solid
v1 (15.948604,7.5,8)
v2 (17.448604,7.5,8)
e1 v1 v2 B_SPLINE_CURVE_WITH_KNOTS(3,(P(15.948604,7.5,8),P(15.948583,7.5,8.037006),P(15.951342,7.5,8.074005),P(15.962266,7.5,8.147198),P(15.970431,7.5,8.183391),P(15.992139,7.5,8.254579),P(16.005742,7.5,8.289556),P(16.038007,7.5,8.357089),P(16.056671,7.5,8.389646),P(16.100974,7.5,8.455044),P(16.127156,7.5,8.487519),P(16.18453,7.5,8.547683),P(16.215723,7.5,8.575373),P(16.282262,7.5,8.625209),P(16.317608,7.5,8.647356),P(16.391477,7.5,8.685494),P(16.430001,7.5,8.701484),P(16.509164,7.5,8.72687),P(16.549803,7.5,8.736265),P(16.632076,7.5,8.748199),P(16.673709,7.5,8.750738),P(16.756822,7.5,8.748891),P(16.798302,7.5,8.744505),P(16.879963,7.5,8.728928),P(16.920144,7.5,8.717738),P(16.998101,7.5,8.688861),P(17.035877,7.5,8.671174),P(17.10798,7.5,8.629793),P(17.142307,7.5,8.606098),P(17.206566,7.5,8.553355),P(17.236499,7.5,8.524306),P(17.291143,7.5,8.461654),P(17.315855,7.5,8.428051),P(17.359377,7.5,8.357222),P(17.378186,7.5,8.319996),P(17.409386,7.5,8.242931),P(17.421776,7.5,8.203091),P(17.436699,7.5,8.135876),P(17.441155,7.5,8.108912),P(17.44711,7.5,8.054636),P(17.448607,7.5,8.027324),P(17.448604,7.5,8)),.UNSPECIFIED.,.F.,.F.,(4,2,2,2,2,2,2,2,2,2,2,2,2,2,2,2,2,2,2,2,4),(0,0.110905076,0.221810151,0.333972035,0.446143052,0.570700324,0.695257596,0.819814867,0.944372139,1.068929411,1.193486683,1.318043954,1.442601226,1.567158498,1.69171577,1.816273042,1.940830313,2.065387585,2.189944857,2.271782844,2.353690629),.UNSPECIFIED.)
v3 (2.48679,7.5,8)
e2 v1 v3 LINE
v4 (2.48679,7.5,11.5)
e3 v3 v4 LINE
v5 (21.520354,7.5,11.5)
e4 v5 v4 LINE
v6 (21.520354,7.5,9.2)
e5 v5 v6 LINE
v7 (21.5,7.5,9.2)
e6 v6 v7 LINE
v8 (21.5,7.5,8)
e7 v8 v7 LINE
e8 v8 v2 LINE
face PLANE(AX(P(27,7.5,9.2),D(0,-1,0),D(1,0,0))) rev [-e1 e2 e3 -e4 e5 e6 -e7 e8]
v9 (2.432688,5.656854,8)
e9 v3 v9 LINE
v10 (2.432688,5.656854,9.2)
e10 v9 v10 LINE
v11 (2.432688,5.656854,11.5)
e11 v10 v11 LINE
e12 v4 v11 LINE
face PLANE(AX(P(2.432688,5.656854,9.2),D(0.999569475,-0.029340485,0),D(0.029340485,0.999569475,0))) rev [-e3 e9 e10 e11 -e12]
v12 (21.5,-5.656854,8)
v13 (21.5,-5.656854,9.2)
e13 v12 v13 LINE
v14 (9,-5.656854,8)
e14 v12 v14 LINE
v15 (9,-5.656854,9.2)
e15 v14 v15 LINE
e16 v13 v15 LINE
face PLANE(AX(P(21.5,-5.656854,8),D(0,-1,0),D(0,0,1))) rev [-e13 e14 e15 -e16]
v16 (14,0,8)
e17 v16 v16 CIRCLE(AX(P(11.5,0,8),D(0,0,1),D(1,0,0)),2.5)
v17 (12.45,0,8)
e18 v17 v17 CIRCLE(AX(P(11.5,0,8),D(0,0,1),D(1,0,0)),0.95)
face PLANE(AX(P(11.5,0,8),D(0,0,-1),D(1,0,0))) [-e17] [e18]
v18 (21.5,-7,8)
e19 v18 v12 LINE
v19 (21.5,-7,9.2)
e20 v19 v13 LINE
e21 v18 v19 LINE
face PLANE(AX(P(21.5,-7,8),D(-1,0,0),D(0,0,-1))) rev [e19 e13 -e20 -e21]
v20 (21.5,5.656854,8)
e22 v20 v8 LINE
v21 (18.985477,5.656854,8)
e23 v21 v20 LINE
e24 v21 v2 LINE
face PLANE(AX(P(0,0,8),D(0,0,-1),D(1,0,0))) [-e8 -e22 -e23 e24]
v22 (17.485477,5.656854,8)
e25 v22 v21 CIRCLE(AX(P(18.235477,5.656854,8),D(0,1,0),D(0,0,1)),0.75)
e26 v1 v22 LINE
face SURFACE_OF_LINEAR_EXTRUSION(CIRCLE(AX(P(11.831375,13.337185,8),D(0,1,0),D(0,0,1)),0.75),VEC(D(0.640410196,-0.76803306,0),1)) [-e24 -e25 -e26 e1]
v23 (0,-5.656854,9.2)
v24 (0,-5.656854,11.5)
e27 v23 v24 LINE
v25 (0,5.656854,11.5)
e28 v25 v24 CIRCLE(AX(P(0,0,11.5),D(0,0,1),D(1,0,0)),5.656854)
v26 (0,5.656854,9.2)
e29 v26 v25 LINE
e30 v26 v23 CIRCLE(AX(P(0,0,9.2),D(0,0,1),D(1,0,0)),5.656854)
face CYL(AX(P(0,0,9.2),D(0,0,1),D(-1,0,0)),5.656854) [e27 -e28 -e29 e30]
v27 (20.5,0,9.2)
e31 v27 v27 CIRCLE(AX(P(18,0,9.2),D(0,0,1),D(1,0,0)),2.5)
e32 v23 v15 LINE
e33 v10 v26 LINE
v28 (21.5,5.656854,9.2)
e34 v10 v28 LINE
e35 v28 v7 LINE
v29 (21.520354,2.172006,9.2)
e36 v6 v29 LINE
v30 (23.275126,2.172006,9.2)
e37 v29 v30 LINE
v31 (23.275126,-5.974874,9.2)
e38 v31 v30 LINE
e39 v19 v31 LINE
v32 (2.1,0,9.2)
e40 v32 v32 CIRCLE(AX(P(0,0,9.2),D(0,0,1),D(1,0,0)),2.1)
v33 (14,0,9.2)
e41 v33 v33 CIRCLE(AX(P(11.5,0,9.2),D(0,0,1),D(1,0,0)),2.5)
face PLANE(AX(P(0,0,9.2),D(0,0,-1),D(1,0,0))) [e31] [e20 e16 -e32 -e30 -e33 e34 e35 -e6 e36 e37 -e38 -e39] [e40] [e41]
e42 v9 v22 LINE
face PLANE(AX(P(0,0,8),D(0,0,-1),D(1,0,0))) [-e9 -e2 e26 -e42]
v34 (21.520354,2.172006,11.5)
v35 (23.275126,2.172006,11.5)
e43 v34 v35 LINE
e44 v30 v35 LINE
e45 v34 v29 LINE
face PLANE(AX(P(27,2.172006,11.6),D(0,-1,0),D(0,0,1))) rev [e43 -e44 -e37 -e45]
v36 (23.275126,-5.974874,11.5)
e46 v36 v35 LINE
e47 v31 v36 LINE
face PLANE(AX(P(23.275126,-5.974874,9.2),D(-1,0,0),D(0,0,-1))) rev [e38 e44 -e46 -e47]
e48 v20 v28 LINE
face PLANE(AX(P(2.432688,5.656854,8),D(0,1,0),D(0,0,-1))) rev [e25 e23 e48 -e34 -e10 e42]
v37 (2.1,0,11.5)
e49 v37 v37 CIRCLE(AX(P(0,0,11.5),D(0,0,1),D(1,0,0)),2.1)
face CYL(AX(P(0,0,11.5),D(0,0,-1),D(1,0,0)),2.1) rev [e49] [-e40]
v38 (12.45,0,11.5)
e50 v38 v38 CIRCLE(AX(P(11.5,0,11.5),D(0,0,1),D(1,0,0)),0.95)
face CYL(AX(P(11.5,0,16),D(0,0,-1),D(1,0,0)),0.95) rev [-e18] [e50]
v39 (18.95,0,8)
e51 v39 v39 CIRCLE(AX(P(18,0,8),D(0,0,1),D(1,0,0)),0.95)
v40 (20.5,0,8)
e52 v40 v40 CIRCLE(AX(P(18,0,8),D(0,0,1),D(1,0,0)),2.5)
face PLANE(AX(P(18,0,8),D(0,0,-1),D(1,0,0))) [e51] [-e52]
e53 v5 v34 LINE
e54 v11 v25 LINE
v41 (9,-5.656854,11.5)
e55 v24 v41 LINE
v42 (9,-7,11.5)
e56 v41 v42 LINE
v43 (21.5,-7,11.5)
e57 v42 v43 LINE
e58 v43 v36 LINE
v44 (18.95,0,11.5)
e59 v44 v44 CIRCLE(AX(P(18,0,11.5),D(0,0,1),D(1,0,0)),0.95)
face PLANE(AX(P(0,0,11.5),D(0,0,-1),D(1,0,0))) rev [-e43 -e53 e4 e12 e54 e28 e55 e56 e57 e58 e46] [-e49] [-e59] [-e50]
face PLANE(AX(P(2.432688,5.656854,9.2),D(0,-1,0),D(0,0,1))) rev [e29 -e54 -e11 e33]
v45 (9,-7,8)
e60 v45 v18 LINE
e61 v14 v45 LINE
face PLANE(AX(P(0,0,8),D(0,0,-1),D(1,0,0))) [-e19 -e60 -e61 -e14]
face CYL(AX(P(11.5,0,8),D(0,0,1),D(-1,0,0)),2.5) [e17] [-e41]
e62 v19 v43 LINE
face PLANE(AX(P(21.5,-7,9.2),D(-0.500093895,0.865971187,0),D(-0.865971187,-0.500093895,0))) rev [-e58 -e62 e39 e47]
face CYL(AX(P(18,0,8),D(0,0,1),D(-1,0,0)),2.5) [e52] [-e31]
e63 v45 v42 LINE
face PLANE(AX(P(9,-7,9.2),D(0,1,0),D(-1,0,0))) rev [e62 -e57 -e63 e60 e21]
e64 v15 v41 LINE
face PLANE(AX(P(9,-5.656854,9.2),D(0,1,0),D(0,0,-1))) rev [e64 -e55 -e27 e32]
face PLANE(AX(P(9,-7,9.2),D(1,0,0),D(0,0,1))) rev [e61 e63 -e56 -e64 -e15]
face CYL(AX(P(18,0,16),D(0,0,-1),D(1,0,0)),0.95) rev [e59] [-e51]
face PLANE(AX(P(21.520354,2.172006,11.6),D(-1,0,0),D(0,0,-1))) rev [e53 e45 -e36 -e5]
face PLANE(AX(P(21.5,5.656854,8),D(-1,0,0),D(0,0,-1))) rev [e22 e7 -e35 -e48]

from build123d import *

# Parameters (mm, degrees)
BOSS_EXTRUDE1_DEPTH  = 2
BOSS_EXTRUDE6_DEPTH  = 2.5
CUT_EXTRUDE6_DEPTH   = 2.5
BOSS_EXTRUDE14_DEPTH = 2.3
SKETCH32_R           = 2.1
CUT_EXTRUDE7_DEPTH   = 2.3
SKETCH33_W           = 12.5
SKETCH33_H           = 1.343145751
BOSS_EXTRUDE15_DEPTH = 1.2
SKETCH35_W           = 5.479645997
SKETCH35_H           = 5.327993755
CUT_EXTRUDE8_DEPTH   = 2.4
SKETCH36_W           = 3.7
SKETCH36_H           = 1.827993755
CUT_EXTRUDE9_DEPTH   = 2.4
SKETCH37_R           = 3.9
BOSS_EXTRUDE16_DEPTH = 2.3
CUT_EXTRUDE10_DEPTH  = 5.3
SKETCH43_R           = 2.5
BOSS_EXTRUDE17_DEPTH = 1.2
SKETCH44_R           = 0.95
CUT_EXTRUDE11_DEPTH  = 9
SKETCH45_R           = 2
CUT_EXTRUDE12_DEPTH  = 2.5
SKETCH52_R           = 0.75
CUT_EXTRUDE13_DEPTH  = 10


with BuildPart() as part:
    # Sketch3 → Boss-Extrude1 (new body)
    with BuildSketch(Plane.XY):
        with BuildLine():
            Line((8, 0), (9, -2.5))
            Line((9, -2.5), (9, -7))
            Line((9, -7), (21.5, -7))
            Line((21.5, -7), (25.050252532, -4.949747468))
            ThreePointArc((25.050252532, -4.949747468), (36.467156728, -2.678784027), (30, 7))
            Line((30, 7), (27, 7.5))
            Line((27, 7.5), (5.656854249, 7.5))
            Line((5.656854249, 7.5), (5.656854249, 5.656854249))
            ThreePointArc((5.656854249, 5.656854249), (7.39103626, 3.061467459), (8, 0))
        make_face()
    extrude(amount=BOSS_EXTRUDE1_DEPTH)

    # Sketch22 → Boss-Extrude6 (add)
    with BuildSketch(Plane.XY.offset(2)):
        with BuildLine():
            Line((5.656854249, 5.656854249), (2.486790148, 5.656854249))
            Line((2.486790148, 5.656854249), (2.486790148, 7.5))
            Line((2.486790148, 7.5), (5.656854249, 7.5))
            Line((5.656854249, 7.5), (21.5, 7.5))
            Line((21.5, 7.5), (27, 7.5))
            Line((27, 7.5), (27, 2.172006245))
            Line((27, 2.172006245), (23.275126266, 2.172006245))
            Line((23.275126266, 2.172006245), (23.275126266, -5.974873734))
            Line((23.275126266, -5.974873734), (21.5, -7))
            Line((21.5, -7), (9, -7))
            Line((9, -7), (9, -2.5))
            Line((9, -2.5), (8, 0))
            ThreePointArc((8, 0), (7.39103626, 3.061467459), (5.656854249, 5.656854249))
        make_face()
    extrude(amount=BOSS_EXTRUDE6_DEPTH)

    # Sketch26 → Cut-Extrude6 (cut)
    with BuildSketch(Plane.XY.offset(2)):
        Polygon((18.098080448, 5.3), (2.530052458, 5.3), (2.530052458, 4), (18.098080448, 4), (27, 4), (27, 5.3), align=None)
    extrude(amount=CUT_EXTRUDE6_DEPTH, mode=Mode.SUBTRACT)


with BuildPart() as body_2:
    # Sketch31 → Boss-Extrude14 (new body)
    with BuildSketch(Plane.XY.offset(4.5)):
        with BuildLine():
            Line((2.432688066, 5.656854249), (0, 5.656854249))
            ThreePointArc((0, 5.656854249), (-5.656854249, 0), (0, -5.656854249))
            Line((0, -5.656854249), (9, -5.656854249))
            Line((9, -5.656854249), (9, -7))
            Line((9, -7), (21.5, -7))
            Line((21.5, -7), (23.275126266, -5.974873734))
            Line((23.275126266, -5.974873734), (23.275126266, 2.172006245))
            Line((23.275126266, 2.172006245), (27, 2.172006245))
            Line((27, 2.172006245), (27, 7.5))
            Line((27, 7.5), (2.486790148, 7.5))
            Line((2.486790148, 7.5), (2.432688066, 5.656854249))
        make_face()
    extrude(amount=BOSS_EXTRUDE14_DEPTH)

    # Sketch32 → Cut-Extrude7 (cut)
    with BuildSketch(Plane.XY.offset(6.8)):
        Circle(SKETCH32_R)
    extrude(amount=-CUT_EXTRUDE7_DEPTH, mode=Mode.SUBTRACT)

    # Sketch33 → Boss-Extrude15 (add)
    with BuildSketch(Plane.XY.offset(6.8)):
        with Locations((15.25, -6.328427125)):
            Rectangle(SKETCH33_W, SKETCH33_H)
        Polygon((2.486790148, 7.5), (21.5, 7.5), (21.5, 5.656854249), (2.432688066, 5.656854249), align=None)
    extrude(amount=BOSS_EXTRUDE15_DEPTH)


with BuildPart() as cut_extrude8_tool:
    # Sketch35 → Cut-Extrude8 (new body)
    with BuildSketch(Plane.XY.offset(6.8)):
        with Locations((24.260177002, 4.836003123)):
            Rectangle(SKETCH35_W, SKETCH35_H)
    extrude(amount=-CUT_EXTRUDE8_DEPTH)


with BuildPart() as part_1:
    add(part.part)

    # Cut-Extrude8: cut by cut_extrude8_tool
    add(cut_extrude8_tool.part, mode=Mode.SUBTRACT)

    # Sketch36 → Cut-Extrude9 (cut)
    with BuildSketch(Plane.XY.offset(4.4)):
        with Locations((25.15, 3.086003123)):
            Rectangle(SKETCH36_W, SKETCH36_H)
    extrude(amount=-CUT_EXTRUDE9_DEPTH, mode=Mode.SUBTRACT)

    # Sketch37 → Boss-Extrude16 (add)
    with BuildSketch(Plane.XY.offset(2)):
        with Locations((30, 0)):
            Circle(SKETCH37_R)
    extrude(amount=BOSS_EXTRUDE16_DEPTH)

    # Sketch39 → Cut-Extrude10 (cut, through all)
    with BuildSketch(Plane.XY.offset(4.3)):
        with BuildLine():
            Line((29, 1.732050808), (29, -1.732050808))
            ThreePointArc((29, -1.732050808), (32, 0), (29, 1.732050808))
        make_face()
    extrude(amount=-CUT_EXTRUDE10_DEPTH, mode=Mode.SUBTRACT)


with BuildPart() as body_2_1:
    add(body_2.part)

    # Cut-Extrude8: cut by cut_extrude8_tool
    add(cut_extrude8_tool.part, mode=Mode.SUBTRACT)

    # Sketch43 → Boss-Extrude17 (add)
    with BuildSketch(Plane.XY.offset(6.8)):
        with Locations((11.5, 0)):
            Circle(SKETCH43_R)
        with Locations((18, 0)):
            Circle(SKETCH43_R)
    extrude(amount=BOSS_EXTRUDE17_DEPTH)


with BuildPart() as cut_extrude11_tool:
    # Sketch44 → Cut-Extrude11 (new body, through all)
    with BuildSketch(Plane.XY.offset(8)):
        with Locations((11.5, 0)):
            Circle(SKETCH44_R)
        with Locations((18, 0)):
            Circle(SKETCH44_R)
    extrude(amount=-CUT_EXTRUDE11_DEPTH)


with BuildPart() as part_2:
    add(part_1.part)

    # Cut-Extrude11: cut by cut_extrude11_tool
    add(cut_extrude11_tool.part, mode=Mode.SUBTRACT)

    # Sketch45 → Cut-Extrude12 (cut)
    with BuildSketch(Plane(origin=(0, 0, 0), x_dir=(-1, 0, 0), z_dir=(0, 0, -1))):
        with Locations((-11.5, 0)):
            Circle(SKETCH45_R)
        with Locations((-18, 0)):
            Circle(SKETCH45_R)
    extrude(amount=-CUT_EXTRUDE12_DEPTH, mode=Mode.SUBTRACT)


with BuildPart() as body_2_2:
    add(body_2_1.part)

    # Cut-Extrude11: cut by cut_extrude11_tool
    add(cut_extrude11_tool.part, mode=Mode.SUBTRACT)

    # Sketch52 → Cut-Extrude13 (cut, along a direction that is not the sketch's normal)
    with BuildSketch(Plane.XZ.offset(-5.656854249)):
        with Locations((18.235476819, 8)):
            Circle(SKETCH52_R)
    extrude(amount=-CUT_EXTRUDE13_DEPTH, dir=(0.640410196, -0.76803306, 0), mode=Mode.SUBTRACT)


with BuildPart() as body_3:
    # Mirror1: mirrored copy
    add(body_2_2.part.mirror(Plane.XY.offset(8)))


with BuildPart() as body_4:
    # Mirror1 2: mirrored copy
    add(part_2.part.mirror(Plane.XY.offset(8)))


solid = body_3.part
